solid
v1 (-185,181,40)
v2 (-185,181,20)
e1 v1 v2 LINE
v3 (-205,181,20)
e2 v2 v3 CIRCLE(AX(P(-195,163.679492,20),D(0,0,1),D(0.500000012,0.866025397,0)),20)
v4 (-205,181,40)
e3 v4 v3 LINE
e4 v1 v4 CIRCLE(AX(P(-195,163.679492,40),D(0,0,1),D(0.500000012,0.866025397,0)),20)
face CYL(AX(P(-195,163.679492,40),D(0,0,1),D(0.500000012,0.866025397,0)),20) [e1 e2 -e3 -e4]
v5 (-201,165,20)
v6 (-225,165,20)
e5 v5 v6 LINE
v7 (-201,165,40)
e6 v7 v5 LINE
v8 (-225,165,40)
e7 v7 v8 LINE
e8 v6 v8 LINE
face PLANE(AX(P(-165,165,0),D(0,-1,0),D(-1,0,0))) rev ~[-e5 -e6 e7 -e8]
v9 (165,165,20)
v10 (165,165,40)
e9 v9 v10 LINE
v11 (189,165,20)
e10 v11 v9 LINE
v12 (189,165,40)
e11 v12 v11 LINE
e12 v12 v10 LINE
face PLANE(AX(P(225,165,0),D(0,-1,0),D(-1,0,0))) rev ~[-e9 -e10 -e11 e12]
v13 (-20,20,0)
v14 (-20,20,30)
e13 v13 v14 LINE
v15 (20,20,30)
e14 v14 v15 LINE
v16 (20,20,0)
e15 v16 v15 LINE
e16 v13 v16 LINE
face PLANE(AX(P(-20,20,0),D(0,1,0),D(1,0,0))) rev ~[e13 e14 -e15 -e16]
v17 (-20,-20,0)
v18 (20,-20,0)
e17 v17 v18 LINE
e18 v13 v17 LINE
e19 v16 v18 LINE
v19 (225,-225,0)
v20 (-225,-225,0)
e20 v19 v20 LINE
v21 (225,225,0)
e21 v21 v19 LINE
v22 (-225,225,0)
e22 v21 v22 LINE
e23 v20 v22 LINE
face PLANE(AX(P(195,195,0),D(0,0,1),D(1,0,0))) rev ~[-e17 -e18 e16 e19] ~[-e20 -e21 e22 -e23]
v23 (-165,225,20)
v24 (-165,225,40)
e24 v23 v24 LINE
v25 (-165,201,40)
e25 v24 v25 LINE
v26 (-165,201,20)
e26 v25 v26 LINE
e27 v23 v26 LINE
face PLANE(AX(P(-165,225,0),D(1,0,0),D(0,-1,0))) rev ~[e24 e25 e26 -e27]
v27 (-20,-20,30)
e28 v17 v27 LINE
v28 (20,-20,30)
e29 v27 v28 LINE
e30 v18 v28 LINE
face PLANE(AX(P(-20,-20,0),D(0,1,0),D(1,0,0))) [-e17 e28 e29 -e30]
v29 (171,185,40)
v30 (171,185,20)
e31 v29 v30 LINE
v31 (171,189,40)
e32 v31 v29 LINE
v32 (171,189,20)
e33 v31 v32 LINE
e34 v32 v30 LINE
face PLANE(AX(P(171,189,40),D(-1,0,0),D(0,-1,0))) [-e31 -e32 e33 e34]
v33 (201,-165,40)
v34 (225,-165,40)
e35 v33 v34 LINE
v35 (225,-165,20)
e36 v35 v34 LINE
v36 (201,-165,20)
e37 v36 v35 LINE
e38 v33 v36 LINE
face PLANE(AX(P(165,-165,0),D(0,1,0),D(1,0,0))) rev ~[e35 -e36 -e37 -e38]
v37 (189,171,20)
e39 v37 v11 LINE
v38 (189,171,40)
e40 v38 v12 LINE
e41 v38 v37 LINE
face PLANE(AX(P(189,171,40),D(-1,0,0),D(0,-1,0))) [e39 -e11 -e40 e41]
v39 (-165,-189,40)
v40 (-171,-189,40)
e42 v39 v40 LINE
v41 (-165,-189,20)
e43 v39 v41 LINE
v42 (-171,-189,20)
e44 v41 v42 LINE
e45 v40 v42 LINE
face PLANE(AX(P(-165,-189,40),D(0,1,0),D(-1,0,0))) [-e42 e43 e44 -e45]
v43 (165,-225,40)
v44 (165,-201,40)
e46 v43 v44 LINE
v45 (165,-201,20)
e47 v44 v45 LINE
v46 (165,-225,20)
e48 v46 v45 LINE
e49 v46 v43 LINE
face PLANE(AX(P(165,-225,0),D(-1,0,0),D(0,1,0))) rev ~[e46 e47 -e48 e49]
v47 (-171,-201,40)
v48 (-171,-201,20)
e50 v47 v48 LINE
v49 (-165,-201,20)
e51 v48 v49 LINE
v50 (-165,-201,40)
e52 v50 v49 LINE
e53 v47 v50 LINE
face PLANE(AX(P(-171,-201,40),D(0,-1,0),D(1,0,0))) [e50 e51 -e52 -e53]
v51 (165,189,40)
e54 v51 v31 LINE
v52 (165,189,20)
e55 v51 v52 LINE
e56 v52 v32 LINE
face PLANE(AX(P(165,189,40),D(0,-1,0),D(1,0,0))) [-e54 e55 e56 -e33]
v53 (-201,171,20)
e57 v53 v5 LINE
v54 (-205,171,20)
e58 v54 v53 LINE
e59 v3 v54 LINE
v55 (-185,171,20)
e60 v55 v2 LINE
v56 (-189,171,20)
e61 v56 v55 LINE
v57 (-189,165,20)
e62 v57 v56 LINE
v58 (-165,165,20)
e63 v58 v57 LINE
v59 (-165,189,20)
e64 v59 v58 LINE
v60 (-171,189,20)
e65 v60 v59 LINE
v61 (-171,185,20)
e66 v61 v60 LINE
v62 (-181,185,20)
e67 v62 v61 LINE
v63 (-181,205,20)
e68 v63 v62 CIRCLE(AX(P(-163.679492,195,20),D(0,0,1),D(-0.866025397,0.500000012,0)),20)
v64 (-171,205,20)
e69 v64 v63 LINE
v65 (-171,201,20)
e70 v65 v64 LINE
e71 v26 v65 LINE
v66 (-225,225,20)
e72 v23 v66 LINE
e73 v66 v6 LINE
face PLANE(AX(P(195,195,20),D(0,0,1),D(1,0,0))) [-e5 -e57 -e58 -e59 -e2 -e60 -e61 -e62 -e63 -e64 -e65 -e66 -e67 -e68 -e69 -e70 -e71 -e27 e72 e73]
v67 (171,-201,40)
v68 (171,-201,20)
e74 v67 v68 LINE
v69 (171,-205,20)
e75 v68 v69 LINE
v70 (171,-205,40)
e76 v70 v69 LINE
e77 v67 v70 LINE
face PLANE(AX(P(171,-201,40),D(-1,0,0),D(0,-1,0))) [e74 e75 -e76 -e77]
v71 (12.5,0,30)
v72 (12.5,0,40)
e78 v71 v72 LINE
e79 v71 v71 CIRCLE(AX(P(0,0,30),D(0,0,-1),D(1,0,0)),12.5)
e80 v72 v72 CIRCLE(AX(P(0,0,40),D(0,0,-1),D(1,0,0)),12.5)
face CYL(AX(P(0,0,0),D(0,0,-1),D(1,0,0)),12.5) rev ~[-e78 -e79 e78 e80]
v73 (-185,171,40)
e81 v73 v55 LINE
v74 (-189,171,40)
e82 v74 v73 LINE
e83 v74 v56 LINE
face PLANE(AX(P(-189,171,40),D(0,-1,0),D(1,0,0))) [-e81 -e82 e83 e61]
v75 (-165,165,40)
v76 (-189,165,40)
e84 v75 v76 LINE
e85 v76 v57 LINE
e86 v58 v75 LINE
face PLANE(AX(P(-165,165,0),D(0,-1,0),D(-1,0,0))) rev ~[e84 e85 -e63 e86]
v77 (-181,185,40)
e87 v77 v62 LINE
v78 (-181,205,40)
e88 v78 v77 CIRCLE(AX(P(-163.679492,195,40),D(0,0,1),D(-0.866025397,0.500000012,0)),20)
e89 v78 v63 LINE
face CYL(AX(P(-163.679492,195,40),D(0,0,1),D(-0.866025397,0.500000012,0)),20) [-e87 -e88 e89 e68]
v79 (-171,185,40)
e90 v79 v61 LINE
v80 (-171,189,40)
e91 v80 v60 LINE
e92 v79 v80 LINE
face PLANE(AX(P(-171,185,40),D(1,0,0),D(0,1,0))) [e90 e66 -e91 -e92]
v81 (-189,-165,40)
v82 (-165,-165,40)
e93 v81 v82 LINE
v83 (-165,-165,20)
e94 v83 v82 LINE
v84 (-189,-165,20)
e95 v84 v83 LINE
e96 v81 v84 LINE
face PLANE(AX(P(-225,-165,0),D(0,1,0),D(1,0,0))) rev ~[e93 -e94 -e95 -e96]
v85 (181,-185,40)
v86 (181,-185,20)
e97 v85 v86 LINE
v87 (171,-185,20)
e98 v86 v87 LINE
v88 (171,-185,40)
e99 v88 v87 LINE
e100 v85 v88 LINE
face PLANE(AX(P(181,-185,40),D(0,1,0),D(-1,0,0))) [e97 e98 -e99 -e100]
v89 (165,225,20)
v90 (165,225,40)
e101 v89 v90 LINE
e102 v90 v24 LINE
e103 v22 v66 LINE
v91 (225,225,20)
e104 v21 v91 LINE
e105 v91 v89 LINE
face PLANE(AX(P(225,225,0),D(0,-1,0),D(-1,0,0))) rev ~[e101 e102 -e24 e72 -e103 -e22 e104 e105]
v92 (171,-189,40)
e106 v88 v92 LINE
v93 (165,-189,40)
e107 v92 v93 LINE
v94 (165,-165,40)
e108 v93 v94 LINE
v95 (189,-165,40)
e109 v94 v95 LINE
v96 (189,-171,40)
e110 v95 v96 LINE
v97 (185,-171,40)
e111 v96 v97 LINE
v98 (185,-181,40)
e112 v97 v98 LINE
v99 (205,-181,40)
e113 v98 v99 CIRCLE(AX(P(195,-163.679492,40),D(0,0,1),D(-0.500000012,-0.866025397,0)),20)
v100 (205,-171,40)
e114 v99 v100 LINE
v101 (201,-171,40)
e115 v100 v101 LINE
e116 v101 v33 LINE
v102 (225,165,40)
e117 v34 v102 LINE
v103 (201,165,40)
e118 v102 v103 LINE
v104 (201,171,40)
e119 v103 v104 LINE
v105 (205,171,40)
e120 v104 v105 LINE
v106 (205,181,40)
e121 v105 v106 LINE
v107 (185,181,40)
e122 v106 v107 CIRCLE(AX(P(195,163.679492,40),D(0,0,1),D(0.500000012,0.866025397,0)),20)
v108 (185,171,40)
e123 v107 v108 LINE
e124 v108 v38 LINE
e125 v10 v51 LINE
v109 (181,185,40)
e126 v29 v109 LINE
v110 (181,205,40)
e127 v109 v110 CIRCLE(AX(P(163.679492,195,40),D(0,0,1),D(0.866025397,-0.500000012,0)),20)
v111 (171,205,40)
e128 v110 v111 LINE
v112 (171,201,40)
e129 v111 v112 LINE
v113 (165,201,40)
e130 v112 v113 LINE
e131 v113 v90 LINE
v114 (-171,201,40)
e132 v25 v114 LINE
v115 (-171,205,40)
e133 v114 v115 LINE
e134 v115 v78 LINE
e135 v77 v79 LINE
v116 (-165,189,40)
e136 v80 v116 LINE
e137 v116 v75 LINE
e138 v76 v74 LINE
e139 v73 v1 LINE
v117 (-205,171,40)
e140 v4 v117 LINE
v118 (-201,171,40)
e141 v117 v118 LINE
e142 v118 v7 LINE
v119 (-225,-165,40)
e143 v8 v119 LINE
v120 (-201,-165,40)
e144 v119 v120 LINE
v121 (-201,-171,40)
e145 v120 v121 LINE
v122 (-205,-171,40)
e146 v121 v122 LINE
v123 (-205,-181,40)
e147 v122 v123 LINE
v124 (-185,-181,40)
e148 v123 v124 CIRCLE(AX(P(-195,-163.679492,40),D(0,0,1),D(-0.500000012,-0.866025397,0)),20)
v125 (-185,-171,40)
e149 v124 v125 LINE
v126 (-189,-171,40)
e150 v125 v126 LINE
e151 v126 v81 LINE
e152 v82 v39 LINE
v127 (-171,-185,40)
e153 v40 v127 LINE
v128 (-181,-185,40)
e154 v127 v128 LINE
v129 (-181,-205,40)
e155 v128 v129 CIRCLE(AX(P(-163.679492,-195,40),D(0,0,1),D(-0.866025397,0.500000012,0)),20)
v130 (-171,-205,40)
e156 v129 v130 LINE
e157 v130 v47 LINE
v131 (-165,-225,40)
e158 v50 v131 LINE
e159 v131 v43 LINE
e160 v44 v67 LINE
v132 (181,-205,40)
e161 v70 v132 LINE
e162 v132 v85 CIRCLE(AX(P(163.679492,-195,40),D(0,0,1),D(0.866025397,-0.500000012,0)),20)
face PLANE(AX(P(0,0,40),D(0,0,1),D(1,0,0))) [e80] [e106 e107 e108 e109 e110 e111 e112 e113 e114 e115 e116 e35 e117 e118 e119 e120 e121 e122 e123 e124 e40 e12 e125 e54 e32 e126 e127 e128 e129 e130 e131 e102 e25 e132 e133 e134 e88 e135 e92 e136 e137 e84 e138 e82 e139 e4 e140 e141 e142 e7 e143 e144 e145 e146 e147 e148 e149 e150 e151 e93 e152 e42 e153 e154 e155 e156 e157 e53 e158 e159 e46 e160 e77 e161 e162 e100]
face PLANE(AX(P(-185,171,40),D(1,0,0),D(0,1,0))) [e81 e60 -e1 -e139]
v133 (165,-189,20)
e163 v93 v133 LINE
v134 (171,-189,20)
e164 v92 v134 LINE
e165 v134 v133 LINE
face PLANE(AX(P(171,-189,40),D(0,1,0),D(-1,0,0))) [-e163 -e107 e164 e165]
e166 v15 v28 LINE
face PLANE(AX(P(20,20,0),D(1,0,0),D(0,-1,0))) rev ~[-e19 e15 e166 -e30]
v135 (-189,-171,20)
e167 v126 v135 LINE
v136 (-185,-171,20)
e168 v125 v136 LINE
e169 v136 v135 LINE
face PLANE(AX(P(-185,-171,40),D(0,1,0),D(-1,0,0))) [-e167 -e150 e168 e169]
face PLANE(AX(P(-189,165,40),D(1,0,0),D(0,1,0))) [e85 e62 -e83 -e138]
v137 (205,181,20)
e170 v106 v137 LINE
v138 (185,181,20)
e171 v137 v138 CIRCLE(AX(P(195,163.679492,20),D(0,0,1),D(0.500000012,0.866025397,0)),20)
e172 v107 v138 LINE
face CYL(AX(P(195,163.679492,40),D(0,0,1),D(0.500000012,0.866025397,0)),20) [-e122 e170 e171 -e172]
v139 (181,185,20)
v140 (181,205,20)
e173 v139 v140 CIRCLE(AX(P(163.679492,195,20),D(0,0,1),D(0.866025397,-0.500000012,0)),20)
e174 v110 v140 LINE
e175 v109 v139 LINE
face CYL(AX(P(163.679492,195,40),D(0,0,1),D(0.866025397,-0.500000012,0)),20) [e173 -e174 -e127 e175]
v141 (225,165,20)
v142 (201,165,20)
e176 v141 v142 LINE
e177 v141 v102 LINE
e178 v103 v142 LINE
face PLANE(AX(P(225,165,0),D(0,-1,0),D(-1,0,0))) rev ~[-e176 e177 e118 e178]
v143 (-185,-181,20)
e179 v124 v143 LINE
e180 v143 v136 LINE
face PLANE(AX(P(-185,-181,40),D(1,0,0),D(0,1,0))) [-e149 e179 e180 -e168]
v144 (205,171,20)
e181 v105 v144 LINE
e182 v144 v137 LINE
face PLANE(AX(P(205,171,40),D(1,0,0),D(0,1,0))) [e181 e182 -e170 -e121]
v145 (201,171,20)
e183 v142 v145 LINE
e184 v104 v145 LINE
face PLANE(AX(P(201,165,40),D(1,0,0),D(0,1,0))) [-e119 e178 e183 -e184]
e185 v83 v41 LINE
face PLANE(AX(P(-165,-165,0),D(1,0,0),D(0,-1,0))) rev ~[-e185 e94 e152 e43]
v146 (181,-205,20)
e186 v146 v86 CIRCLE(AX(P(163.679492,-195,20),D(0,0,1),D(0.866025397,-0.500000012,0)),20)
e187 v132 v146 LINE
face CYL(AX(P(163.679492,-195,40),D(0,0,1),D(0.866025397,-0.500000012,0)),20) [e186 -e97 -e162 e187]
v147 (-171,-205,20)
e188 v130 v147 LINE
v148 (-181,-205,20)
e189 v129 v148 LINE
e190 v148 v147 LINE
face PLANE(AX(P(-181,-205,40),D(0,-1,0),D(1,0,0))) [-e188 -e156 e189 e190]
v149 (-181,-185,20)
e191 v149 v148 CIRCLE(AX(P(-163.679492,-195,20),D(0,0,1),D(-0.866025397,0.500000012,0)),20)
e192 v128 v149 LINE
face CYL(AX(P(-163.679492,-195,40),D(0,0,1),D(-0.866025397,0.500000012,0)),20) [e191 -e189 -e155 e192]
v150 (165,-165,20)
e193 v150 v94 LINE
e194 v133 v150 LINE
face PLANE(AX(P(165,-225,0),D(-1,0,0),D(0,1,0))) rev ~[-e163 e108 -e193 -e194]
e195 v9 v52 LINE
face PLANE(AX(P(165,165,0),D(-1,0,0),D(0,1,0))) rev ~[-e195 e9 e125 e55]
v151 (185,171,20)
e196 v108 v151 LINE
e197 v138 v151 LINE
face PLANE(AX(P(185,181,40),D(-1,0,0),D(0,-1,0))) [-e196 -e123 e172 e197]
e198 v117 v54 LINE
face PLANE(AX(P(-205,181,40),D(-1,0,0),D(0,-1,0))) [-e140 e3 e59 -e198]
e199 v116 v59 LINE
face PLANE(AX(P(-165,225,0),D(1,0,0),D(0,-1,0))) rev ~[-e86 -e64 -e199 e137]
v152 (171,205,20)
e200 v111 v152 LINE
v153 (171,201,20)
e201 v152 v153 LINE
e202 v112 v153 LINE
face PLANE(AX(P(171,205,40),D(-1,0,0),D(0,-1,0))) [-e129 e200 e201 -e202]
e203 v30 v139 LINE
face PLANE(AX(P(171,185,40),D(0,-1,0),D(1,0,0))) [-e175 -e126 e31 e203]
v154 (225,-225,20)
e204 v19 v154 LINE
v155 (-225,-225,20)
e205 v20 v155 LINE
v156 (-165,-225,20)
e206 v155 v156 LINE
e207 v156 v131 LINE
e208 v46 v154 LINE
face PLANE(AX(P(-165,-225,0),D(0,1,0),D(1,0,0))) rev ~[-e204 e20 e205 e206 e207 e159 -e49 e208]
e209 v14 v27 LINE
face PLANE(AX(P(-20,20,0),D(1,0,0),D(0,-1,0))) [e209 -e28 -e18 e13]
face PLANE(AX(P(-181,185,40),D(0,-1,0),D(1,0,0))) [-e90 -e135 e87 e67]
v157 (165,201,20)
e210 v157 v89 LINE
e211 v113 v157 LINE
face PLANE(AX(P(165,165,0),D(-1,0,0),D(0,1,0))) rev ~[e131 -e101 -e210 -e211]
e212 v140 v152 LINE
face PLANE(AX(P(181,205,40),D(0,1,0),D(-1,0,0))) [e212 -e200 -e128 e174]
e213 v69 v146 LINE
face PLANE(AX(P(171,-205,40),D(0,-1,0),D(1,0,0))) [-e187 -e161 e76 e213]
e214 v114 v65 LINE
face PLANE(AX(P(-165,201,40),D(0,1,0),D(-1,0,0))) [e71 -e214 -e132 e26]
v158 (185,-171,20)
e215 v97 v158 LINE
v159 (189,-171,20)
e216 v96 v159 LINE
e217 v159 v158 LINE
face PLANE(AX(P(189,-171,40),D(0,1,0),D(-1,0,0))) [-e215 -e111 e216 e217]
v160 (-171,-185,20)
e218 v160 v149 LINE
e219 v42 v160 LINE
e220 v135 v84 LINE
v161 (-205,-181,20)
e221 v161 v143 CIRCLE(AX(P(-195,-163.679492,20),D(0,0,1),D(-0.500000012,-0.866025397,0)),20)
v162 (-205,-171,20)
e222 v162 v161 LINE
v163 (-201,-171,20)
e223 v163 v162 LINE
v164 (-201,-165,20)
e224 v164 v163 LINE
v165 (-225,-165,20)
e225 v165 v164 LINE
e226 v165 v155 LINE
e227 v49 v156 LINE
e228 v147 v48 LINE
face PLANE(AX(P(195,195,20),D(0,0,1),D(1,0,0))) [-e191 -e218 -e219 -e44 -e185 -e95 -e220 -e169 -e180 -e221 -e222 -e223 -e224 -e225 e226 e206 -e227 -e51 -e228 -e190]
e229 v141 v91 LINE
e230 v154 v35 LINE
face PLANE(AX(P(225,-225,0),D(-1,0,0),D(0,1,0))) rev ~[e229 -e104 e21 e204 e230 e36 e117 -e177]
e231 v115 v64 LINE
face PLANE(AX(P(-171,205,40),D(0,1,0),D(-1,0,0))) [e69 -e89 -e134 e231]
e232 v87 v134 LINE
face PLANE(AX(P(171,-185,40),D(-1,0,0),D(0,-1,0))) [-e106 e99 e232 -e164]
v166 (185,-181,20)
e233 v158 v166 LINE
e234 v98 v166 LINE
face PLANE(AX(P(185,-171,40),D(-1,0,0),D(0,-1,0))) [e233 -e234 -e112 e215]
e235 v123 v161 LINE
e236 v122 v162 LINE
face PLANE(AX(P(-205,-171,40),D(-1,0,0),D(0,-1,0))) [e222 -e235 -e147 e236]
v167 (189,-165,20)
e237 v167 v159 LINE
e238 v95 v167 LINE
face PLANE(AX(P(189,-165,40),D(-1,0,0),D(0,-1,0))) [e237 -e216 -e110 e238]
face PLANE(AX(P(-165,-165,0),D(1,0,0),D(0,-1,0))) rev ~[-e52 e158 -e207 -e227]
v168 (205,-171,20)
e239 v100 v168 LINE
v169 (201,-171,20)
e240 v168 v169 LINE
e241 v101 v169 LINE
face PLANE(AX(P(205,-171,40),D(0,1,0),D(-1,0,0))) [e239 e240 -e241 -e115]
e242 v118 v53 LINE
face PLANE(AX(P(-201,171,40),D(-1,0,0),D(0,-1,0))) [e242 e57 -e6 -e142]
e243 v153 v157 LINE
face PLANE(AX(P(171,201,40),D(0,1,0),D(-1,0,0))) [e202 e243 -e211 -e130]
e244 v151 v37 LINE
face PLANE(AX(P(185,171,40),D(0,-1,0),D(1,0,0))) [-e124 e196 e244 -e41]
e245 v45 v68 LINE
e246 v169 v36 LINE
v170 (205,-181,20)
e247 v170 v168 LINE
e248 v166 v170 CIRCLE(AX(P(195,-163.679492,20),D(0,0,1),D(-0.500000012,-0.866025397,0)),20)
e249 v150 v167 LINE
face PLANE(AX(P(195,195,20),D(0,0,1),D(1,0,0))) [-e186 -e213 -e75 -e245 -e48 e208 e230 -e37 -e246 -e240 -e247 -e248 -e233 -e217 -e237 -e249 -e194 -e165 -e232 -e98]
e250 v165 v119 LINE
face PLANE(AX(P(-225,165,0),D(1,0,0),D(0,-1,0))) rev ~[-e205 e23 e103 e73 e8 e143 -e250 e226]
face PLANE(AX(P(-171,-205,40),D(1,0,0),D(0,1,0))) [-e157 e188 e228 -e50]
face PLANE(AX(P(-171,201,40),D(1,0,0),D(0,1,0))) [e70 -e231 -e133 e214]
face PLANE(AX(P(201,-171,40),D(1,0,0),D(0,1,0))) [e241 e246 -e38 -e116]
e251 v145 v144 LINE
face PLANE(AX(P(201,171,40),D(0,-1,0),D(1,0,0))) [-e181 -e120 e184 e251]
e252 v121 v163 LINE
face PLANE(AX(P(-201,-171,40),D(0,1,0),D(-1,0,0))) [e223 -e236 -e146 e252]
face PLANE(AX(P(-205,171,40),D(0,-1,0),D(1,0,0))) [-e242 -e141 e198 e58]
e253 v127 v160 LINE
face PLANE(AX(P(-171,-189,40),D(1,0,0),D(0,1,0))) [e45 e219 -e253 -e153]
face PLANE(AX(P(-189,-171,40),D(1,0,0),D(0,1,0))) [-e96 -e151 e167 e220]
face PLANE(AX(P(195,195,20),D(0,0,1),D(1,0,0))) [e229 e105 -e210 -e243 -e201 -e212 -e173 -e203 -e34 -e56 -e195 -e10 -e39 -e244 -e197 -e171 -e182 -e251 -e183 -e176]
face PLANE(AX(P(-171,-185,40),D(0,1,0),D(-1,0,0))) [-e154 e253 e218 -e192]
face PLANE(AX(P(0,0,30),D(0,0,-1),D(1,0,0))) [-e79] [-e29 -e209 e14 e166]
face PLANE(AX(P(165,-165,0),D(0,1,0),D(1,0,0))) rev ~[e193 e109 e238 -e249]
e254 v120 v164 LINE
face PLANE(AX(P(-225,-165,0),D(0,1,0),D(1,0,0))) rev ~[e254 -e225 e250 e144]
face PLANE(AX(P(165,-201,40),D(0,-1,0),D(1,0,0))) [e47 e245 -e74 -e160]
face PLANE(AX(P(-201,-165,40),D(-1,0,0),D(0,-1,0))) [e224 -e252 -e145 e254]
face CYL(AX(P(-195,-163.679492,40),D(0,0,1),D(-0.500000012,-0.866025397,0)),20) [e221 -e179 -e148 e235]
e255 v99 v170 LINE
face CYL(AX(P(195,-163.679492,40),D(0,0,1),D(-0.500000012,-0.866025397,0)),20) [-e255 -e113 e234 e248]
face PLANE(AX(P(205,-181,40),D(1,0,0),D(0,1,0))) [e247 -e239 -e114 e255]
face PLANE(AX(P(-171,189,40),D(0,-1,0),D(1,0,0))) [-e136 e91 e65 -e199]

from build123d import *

# Parameters (mm, degrees)
F1_DEPTH  = 40
F0_W      = 60
F0_H      = 60
F3_DEPTH  = 20
F5_DEPTH  = 20
F6_W      = 40
F6_H      = 40
F6_R      = 12.5
F7_DEPTH  = 30
F7_FACE_R = 12.5
F8_DEPTH  = 40


with BuildPart() as f1:
    # F0 (on Top) → F1 (new body)
    with BuildSketch(Plane.XY):
        Polygon((165, 165), (165, 225), (-165, 225), (-165, 165), (-225, 165), (-225, -165), (-165, -165), (-165, -225), (165, -225), (165, -165), (225, -165), (225, 165), align=None)
    extrude(amount=F1_DEPTH)

    # F0 (on Top) → F3 (join)
    with BuildSketch(Plane.XY):
        with Locations((195, 195)):
            Rectangle(F0_W, F0_H)
        Polygon((165, 165), (165, 225), (-165, 225), (-165, 165), (-225, 165), (-225, -165), (-165, -165), (-165, -225), (165, -225), (165, -165), (225, -165), (225, 165), align=None)
        with Locations((-195, 195)):
            Rectangle(F0_W, F0_H)
        with Locations((195, -195)):
            Rectangle(F0_W, F0_H)
        with Locations((-195, -195)):
            Rectangle(F0_W, F0_H)
    extrude(amount=F3_DEPTH)

    # F4 (on face) → F5 (join, through all)
    with BuildSketch(Plane.XY.offset(40)):
        with BuildLine():
            Line((-201, 171), (-201, 165))
            Line((-201, 165), (-189, 165))
            Line((-189, 165), (-189, 171))
            Line((-189, 171), (-185, 171))
            Line((-185, 171), (-185, 181))
            ThreePointArc((-185, 181), (-195, 183.679492), (-205, 181))
            Line((-205, 181), (-205, 171))
            Line((-205, 171), (-201, 171))
        make_face()
        with BuildLine():
            Line((-171, 189), (-165, 189))
            Line((-165, 189), (-165, 201))
            Line((-165, 201), (-171, 201))
            Line((-171, 201), (-171, 205))
            Line((-171, 205), (-181, 205))
            ThreePointArc((-181, 205), (-183.679492, 195), (-181, 185))
            Line((-181, 185), (-171, 185))
            Line((-171, 185), (-171, 189))
        make_face()
        with BuildLine():
            Line((181, 205), (171, 205))
            Line((171, 205), (171, 201))
            Line((171, 201), (165, 201))
            Line((165, 201), (165, 189))
            Line((165, 189), (171, 189))
            Line((171, 189), (171, 185))
            Line((171, 185), (181, 185))
            ThreePointArc((181, 185), (183.679492, 195), (181, 205))
        make_face()
        with BuildLine():
            Line((185, 181), (185, 171))
            Line((185, 171), (189, 171))
            Line((189, 171), (189, 165))
            Line((189, 165), (201, 165))
            Line((201, 165), (201, 171))
            Line((201, 171), (205, 171))
            Line((205, 171), (205, 181))
            ThreePointArc((205, 181), (195, 183.679492), (185, 181))
        make_face()
        with BuildLine():
            Line((-181, -205), (-171, -205))
            Line((-171, -205), (-171, -201))
            Line((-171, -201), (-165, -201))
            Line((-165, -201), (-165, -189))
            Line((-165, -189), (-171, -189))
            Line((-171, -189), (-171, -185))
            Line((-171, -185), (-181, -185))
            ThreePointArc((-181, -185), (-183.679492, -195), (-181, -205))
        make_face()
        with BuildLine():
            Line((-185, -181), (-185, -171))
            Line((-185, -171), (-189, -171))
            Line((-189, -171), (-189, -165))
            Line((-189, -165), (-201, -165))
            Line((-201, -165), (-201, -171))
            Line((-201, -171), (-205, -171))
            Line((-205, -171), (-205, -181))
            ThreePointArc((-205, -181), (-195, -183.679492), (-185, -181))
        make_face()
        with BuildLine():
            Line((205, -181), (205, -171))
            Line((205, -171), (201, -171))
            Line((201, -171), (201, -165))
            Line((201, -165), (189, -165))
            Line((189, -165), (189, -171))
            Line((189, -171), (185, -171))
            Line((185, -171), (185, -181))
            ThreePointArc((185, -181), (195, -183.679492), (205, -181))
        make_face()
        with BuildLine():
            Line((181, -185), (171, -185))
            Line((171, -185), (171, -189))
            Line((171, -189), (165, -189))
            Line((165, -189), (165, -201))
            Line((165, -201), (171, -201))
            Line((171, -201), (171, -205))
            Line((171, -205), (181, -205))
            ThreePointArc((181, -205), (183.679492, -195), (181, -185))
        make_face()
    extrude(amount=-F5_DEPTH)

    # F6 (on face) → F7 (cut)
    with BuildSketch(Plane(origin=(0, 0, 0), x_dir=(1, 0, 0), z_dir=(0, 0, -1))):
        Rectangle(F6_W, F6_H)
        Circle(F6_R, mode=Mode.SUBTRACT)
    extrude(amount=-F7_DEPTH, mode=Mode.SUBTRACT)

    # F7_face (on face) → F8 (cut, through all)
    with BuildSketch(Plane(origin=(0, 0, 0), x_dir=(1, 0, 0), z_dir=(0, 0, -1))):
        Circle(F7_FACE_R)
    extrude(amount=-F8_DEPTH, mode=Mode.SUBTRACT)


solid = f1.part
